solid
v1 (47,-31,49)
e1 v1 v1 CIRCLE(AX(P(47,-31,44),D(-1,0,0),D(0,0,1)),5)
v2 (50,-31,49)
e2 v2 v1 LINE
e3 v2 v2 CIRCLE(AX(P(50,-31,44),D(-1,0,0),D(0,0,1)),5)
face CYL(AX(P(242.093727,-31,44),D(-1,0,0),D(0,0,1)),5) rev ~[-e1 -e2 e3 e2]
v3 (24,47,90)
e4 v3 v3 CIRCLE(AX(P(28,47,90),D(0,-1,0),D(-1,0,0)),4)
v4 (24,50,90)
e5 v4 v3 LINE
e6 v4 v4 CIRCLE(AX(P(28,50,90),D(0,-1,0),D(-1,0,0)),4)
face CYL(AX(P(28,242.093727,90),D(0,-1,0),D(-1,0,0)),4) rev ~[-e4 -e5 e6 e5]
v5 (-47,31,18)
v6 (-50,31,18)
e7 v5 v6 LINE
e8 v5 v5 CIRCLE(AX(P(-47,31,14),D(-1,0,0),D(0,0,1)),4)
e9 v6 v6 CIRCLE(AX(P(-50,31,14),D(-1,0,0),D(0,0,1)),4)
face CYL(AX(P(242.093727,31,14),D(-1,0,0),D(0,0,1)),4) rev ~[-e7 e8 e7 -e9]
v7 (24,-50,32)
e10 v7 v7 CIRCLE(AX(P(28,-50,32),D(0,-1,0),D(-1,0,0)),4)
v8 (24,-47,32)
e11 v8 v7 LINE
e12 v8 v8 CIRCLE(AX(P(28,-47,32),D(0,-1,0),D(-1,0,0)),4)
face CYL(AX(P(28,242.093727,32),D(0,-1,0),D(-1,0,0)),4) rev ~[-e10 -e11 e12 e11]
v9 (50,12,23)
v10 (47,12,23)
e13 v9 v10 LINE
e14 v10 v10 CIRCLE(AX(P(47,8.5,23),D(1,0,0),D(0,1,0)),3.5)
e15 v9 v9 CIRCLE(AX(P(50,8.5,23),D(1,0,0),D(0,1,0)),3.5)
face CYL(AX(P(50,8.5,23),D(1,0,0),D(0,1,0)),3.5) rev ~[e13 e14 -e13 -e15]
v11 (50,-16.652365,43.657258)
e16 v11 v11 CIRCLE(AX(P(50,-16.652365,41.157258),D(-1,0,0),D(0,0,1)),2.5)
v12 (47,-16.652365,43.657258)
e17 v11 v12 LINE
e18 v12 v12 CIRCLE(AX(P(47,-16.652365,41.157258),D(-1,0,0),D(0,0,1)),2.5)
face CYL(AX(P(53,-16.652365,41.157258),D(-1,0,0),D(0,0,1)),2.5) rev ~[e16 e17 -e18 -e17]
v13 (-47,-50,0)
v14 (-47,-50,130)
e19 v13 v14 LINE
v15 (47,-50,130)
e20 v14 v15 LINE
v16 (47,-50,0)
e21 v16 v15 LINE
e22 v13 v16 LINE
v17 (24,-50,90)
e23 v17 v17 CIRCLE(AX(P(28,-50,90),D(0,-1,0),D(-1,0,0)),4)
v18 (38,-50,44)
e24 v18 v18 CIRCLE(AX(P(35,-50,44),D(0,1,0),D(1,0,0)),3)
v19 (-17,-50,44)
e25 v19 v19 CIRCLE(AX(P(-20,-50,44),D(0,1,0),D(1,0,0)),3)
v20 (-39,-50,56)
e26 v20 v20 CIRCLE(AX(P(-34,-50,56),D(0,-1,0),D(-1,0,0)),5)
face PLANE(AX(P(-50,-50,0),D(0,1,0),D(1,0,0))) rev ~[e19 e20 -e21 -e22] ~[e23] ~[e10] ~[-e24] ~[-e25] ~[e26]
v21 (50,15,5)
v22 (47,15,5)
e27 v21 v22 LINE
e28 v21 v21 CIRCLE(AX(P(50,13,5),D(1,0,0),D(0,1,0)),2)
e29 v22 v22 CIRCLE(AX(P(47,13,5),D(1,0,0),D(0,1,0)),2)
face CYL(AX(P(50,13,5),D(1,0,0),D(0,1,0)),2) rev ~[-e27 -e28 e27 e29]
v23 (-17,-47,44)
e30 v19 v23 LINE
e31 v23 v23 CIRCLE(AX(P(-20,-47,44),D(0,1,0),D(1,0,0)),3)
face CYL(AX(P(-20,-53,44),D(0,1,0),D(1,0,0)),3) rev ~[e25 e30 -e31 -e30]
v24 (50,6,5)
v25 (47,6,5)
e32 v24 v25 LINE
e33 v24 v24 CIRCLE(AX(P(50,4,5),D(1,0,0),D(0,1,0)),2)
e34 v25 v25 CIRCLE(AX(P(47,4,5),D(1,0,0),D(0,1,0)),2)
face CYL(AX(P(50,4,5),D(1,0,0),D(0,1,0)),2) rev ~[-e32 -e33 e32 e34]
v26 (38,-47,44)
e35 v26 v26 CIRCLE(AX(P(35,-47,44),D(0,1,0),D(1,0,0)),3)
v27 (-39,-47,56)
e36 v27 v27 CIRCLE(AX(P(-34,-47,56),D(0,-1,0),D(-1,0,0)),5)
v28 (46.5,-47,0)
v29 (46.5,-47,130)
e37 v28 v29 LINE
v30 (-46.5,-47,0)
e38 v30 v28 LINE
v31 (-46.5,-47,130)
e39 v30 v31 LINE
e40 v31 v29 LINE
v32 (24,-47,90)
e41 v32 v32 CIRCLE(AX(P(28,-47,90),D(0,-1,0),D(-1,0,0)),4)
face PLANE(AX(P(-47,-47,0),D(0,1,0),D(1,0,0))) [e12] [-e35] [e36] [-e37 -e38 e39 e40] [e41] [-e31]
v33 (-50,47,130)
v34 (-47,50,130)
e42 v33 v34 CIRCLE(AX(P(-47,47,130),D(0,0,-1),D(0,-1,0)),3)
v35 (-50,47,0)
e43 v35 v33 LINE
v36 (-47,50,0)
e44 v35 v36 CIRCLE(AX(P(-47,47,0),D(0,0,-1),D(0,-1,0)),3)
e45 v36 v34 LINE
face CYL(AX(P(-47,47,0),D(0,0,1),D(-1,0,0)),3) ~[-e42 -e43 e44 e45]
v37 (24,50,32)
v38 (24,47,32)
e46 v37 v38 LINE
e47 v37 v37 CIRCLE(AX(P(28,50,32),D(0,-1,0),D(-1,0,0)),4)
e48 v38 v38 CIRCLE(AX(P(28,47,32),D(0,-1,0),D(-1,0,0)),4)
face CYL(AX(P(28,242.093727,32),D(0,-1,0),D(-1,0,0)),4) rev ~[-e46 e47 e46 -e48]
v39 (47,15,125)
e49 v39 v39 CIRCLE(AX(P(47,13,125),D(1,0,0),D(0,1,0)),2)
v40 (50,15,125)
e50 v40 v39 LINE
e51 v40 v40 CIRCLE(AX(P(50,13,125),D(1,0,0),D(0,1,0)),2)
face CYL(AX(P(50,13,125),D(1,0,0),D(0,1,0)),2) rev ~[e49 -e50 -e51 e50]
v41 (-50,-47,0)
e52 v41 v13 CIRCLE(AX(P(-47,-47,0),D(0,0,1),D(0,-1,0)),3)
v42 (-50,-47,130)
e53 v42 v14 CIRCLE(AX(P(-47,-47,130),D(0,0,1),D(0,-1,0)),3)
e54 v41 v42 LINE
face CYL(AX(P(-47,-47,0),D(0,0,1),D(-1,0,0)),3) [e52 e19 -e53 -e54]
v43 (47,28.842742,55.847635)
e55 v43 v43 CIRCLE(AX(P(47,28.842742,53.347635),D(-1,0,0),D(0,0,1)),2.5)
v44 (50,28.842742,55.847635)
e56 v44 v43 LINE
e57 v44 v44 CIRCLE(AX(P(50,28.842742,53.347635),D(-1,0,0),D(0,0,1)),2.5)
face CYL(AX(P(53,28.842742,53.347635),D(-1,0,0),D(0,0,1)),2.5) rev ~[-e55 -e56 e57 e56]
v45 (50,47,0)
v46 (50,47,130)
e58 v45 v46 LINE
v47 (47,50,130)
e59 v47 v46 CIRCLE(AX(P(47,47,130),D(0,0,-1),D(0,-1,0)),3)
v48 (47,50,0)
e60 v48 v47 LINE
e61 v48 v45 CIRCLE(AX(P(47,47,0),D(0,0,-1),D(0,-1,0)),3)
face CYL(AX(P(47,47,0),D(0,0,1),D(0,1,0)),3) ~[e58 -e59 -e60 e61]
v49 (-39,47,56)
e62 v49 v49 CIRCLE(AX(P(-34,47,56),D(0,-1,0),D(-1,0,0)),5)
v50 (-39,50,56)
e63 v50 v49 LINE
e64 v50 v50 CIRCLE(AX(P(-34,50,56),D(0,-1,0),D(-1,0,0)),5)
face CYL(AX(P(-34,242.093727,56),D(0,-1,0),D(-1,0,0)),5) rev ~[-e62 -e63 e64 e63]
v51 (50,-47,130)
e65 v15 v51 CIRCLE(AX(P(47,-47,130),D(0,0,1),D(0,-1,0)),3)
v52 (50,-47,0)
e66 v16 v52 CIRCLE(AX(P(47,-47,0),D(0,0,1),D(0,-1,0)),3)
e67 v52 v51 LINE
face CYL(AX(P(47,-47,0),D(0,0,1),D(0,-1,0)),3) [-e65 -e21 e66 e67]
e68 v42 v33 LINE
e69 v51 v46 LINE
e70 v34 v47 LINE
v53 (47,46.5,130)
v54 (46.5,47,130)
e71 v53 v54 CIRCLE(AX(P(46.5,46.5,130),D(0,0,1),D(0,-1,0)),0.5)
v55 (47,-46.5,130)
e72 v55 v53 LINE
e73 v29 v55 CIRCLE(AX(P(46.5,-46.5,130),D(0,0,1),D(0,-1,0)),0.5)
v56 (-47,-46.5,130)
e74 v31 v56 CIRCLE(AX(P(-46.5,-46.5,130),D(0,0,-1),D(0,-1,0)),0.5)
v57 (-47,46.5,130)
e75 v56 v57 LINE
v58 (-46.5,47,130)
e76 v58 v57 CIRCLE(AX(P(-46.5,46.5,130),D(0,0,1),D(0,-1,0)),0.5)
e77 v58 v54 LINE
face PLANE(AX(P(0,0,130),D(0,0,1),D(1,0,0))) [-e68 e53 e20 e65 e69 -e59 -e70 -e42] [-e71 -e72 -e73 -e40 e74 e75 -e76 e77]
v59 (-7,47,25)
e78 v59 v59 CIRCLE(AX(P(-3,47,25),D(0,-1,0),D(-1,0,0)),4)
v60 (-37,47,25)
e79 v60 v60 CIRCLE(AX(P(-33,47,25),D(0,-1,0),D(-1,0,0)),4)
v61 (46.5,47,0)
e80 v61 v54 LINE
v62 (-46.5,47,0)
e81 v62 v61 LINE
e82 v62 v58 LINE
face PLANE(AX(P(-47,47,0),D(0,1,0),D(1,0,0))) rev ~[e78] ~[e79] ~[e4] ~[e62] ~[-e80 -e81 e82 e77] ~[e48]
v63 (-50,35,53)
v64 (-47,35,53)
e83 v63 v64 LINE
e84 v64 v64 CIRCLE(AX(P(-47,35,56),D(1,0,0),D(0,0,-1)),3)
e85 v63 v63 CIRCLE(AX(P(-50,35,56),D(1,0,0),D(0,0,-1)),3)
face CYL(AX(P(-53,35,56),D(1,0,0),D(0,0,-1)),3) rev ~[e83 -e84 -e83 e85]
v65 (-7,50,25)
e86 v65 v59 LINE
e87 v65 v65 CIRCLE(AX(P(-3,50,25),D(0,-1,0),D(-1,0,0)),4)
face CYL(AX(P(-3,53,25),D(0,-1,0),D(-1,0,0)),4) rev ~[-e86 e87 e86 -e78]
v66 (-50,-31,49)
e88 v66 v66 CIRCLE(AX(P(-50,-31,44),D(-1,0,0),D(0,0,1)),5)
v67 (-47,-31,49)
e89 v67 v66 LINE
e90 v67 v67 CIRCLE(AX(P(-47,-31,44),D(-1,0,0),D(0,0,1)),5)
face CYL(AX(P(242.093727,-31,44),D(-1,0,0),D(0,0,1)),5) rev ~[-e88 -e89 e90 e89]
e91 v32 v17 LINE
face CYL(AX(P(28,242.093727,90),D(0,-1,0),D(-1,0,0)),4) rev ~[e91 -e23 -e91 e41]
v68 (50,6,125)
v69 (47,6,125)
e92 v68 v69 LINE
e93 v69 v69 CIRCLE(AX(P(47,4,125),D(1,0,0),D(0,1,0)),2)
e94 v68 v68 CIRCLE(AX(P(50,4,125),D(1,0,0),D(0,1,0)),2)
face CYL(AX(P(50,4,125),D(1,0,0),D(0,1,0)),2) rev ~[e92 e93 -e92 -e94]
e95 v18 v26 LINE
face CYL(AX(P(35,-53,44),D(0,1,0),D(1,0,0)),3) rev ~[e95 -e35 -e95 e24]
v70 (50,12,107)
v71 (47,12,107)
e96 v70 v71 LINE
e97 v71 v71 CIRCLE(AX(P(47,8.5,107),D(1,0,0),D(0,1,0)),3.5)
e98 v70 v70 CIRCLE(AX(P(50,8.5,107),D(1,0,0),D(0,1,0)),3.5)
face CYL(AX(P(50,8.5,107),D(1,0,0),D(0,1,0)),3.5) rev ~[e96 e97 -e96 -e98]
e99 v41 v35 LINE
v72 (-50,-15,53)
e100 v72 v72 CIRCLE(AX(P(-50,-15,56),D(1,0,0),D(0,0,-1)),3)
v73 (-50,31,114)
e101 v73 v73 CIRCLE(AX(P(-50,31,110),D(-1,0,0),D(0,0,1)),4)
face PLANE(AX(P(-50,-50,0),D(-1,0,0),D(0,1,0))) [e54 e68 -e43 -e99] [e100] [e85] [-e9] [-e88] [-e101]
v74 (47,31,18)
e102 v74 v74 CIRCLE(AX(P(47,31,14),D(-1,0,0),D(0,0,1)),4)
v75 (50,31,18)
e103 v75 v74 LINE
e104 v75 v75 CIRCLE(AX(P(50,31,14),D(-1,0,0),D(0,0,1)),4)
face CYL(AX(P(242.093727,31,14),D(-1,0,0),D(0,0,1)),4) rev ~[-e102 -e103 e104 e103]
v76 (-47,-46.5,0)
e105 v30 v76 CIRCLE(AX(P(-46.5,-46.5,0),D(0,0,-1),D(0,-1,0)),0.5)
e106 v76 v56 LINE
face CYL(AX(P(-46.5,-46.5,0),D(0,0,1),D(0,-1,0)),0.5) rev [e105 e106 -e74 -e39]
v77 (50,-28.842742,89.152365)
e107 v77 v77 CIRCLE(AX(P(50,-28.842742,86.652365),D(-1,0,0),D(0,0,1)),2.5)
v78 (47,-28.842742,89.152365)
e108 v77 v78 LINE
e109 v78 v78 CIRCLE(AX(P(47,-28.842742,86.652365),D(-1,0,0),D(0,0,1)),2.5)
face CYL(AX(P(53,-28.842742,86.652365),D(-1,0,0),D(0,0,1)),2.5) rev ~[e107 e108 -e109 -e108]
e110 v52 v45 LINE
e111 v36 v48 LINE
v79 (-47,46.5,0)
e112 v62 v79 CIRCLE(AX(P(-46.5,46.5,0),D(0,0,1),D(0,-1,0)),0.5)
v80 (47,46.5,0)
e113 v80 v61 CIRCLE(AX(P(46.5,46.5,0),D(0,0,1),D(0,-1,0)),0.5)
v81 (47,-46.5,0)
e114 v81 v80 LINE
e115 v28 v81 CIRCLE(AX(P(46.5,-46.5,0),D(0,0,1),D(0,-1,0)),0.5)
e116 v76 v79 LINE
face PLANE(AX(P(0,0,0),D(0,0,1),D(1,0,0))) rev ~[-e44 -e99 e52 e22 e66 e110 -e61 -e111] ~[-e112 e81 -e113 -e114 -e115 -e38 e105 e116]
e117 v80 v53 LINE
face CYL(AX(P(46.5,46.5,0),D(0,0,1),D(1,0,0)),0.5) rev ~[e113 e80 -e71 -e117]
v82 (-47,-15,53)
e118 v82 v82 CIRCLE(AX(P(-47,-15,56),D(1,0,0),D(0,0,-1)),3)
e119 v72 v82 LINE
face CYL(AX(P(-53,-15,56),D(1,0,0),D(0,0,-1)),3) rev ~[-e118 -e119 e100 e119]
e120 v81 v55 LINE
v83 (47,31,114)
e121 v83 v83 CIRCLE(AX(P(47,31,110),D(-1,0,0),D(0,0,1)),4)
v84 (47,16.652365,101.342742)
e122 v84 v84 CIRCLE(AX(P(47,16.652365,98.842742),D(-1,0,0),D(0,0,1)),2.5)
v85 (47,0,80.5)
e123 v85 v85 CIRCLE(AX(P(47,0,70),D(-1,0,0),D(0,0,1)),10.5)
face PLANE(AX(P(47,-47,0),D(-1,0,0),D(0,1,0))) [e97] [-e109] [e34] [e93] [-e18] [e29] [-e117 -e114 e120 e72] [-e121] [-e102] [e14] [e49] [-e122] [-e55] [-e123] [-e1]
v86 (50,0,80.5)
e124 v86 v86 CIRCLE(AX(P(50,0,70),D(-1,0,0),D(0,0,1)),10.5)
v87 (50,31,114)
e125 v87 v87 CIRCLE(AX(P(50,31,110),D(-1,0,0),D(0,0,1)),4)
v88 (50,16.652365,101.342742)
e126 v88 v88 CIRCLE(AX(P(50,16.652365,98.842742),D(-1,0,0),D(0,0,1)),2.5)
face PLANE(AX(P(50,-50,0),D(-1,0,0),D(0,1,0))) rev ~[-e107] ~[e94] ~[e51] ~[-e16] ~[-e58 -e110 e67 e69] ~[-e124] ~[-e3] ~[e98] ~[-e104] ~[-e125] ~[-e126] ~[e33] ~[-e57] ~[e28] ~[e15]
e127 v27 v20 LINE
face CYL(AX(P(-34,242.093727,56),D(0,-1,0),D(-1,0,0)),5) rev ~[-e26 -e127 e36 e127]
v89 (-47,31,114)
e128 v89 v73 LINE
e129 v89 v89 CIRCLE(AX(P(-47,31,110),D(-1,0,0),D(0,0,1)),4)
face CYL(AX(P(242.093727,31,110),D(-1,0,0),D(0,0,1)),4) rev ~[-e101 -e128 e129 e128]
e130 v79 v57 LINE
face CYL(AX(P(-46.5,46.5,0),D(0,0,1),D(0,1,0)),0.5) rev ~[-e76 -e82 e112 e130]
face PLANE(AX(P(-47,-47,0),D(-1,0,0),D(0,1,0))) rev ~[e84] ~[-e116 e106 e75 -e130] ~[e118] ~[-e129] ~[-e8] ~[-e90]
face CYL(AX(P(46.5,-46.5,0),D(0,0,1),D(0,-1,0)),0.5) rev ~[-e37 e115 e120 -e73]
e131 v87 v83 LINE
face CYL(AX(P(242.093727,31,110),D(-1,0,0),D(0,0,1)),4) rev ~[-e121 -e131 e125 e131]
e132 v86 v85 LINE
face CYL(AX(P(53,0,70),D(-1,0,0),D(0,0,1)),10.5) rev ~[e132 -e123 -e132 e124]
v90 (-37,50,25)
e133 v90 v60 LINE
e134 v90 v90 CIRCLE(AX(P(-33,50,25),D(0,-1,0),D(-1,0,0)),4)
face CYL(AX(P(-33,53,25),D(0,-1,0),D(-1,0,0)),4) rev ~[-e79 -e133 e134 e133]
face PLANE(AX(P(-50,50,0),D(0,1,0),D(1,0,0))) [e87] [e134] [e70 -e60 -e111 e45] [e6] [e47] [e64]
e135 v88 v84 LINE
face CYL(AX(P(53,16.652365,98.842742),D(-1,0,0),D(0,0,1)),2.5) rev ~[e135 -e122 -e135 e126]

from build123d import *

# Parameters (mm, degrees)
SKETCH1_W                      = 100
SKETCH1_H                      = 100
SKETCH1_W_2                    = 94
SKETCH1_H_2                    = 94
EXTRUDE_THIN1_DEPTH            = 130
FILLET1_R                      = 0.5
FILLET2_R                      = 3
F_8_0_8_DIAMETER_HOLE2_D       = 8
F_8_0_8_DIAMETER_HOLE3_D       = 8
F_10_0_10_DIAMETER_HOLE1_D     = 10
F_10_0_10_DIAMETER_HOLE2_D     = 10
F_6_0_6_DIAMETER_HOLE1_D       = 6
F_6_0_6_DIAMETER_HOLE1_DEPTH   = 3
F_6_0_6_DIAMETER_HOLE2_D       = 6
F_6_0_6_DIAMETER_HOLE2_DEPTH   = 3
F_21_0_21_DIAMETER_HOLE1_D     = 21
F_21_0_21_DIAMETER_HOLE1_DEPTH = 3
F_5_0_5_DIAMETER_HOLE1_D       = 5
F_5_0_5_DIAMETER_HOLE1_DEPTH   = 3
F_8_0_8_DIAMETER_HOLE4_D       = 8
F_8_0_8_DIAMETER_HOLE4_DEPTH   = 3
CUT_EXTRUDE1_REACH             = 173.464
SKETCH31_R                     = 2
SKETCH31_R_2                   = 3.5
F_8_0_8_DIAMETER_HOLE5_D       = 8
F_8_0_8_DIAMETER_HOLE5_DEPTH   = 3


with BuildPart() as part:
    # Sketch1 → Extrude-Thin1 (new body)
    with BuildSketch(Plane.XY):
        Rectangle(SKETCH1_W, SKETCH1_H)
        Rectangle(SKETCH1_W_2, SKETCH1_H_2, mode=Mode.SUBTRACT)
    extrude(amount=EXTRUDE_THIN1_DEPTH)

    # Fillet1
    fillet1_edges = [part.edges().sort_by_distance(p)[0] for p in [
        (47, -47, 65),
        (47, 47, 65),
        (-47, 47, 65),
        (-47, -47, 65),
    ]]
    fillet(fillet1_edges, radius=FILLET1_R)

    # Fillet2
    fillet2_edges = [part.edges().sort_by_distance(p)[0] for p in [
        (50, -50, 65),
        (-50, -50, 65),
        (-50, 50, 65),
        (50, 50, 65),
    ]]
    fillet(fillet2_edges, radius=FILLET2_R)

    # Ø8.0 (8) Diameter Hole2 (through all)
    with Locations(Plane(origin=(0, 50, 0), x_dir=(1, 0, 0), z_dir=(0, 1, 0))):
        with Locations((28, -32), (28, -90)):
            Hole(F_8_0_8_DIAMETER_HOLE2_D / 2)

    # Ø8.0 (8) Diameter Hole3 (through all)
    with Locations(Plane(origin=(50, 0, 0), x_dir=(0, 0, -1), z_dir=(1, 0, 0))):
        with Locations((-14, 31), (-110, 31)):
            Hole(F_8_0_8_DIAMETER_HOLE3_D / 2)

    # Ø10.0 (10) Diameter Hole1 (through all)
    with Locations(Plane(origin=(0, 50, 0), x_dir=(1, 0, 0), z_dir=(0, 1, 0))):
        with Locations((-34, -56)):
            Hole(F_10_0_10_DIAMETER_HOLE1_D / 2)

    # Ø10.0 (10) Diameter Hole2 (through all)
    with Locations(Plane(origin=(50, 0, 0), x_dir=(0, 0, -1), z_dir=(1, 0, 0))):
        with Locations((-44, -31)):
            Hole(F_10_0_10_DIAMETER_HOLE2_D / 2)

    # Ø6.0 (6) Diameter Hole1
    with Locations(Plane.ZY.offset(50)):
        with Locations((56, -15), (56, 35)):
            Hole(F_6_0_6_DIAMETER_HOLE1_D / 2, depth=F_6_0_6_DIAMETER_HOLE1_DEPTH)

    # Ø6.0 (6) Diameter Hole2
    with Locations(Plane(origin=(0, -50, 0), x_dir=(-1, 0, 0), z_dir=(0, -1, 0))):
        with Locations((20, -44), (-35, -44)):
            Hole(F_6_0_6_DIAMETER_HOLE2_D / 2, depth=F_6_0_6_DIAMETER_HOLE2_DEPTH)

    # Ø21.0 (21) Diameter Hole1
    with Locations(Plane(origin=(50, 0, 0), x_dir=(0, 0, -1), z_dir=(1, 0, 0))):
        with Locations((-70, 0)):
            Hole(F_21_0_21_DIAMETER_HOLE1_D / 2, depth=F_21_0_21_DIAMETER_HOLE1_DEPTH)

    # Ø5.0 (5) Diameter Hole1
    with Locations(Plane(origin=(50, 0, 0), x_dir=(0, 0, -1), z_dir=(1, 0, 0))):
        with Locations((-41.157258279, -16.652364697), (-53.347635303, 28.842741721), (-98.842741721, 16.652364697), (-86.652364697, -28.842741721)):
            Hole(F_5_0_5_DIAMETER_HOLE1_D / 2, depth=F_5_0_5_DIAMETER_HOLE1_DEPTH)

    # Ø8.0 (8) Diameter Hole4
    with Locations(Plane(origin=(0, 50, 0), x_dir=(1, 0, 0), z_dir=(0, 1, 0))):
        with Locations((-3, -25)):
            Hole(F_8_0_8_DIAMETER_HOLE4_D / 2, depth=F_8_0_8_DIAMETER_HOLE4_DEPTH)

    # Sketch31 → Cut-Extrude1 (cut, up to next)
    with BuildSketch(Plane(origin=(50, 0, 0), x_dir=(0, 0, -1), z_dir=(1, 0, 0)), mode=Mode.PRIVATE) as cut_extrude1_sk1:
        with Locations(Location((-5, 4, 0), (0, 0, 90))):
            Circle(SKETCH31_R)
    cut_extrude1_tool1 = extrude(cut_extrude1_sk1.sketch, amount=-CUT_EXTRUDE1_REACH, mode=Mode.PRIVATE) & part.part
    # Sketch31 → Cut-Extrude1 (cut, up to next)
    with BuildSketch(Plane(origin=(50, 0, 0), x_dir=(0, 0, -1), z_dir=(1, 0, 0)), mode=Mode.PRIVATE) as cut_extrude1_sk2:
        with Locations(Location((-5, 13, 0), (0, 0, 90))):
            Circle(SKETCH31_R)
    cut_extrude1_tool2 = extrude(cut_extrude1_sk2.sketch, amount=-CUT_EXTRUDE1_REACH, mode=Mode.PRIVATE) & part.part
    # Sketch31 → Cut-Extrude1 (cut, up to next)
    with BuildSketch(Plane(origin=(50, 0, 0), x_dir=(0, 0, -1), z_dir=(1, 0, 0)), mode=Mode.PRIVATE) as cut_extrude1_sk3:
        with Locations(Location((-125, 13, 0), (0, 0, 90))):
            Circle(SKETCH31_R)
    cut_extrude1_tool3 = extrude(cut_extrude1_sk3.sketch, amount=-CUT_EXTRUDE1_REACH, mode=Mode.PRIVATE) & part.part
    # Sketch31 → Cut-Extrude1 (cut, up to next)
    with BuildSketch(Plane(origin=(50, 0, 0), x_dir=(0, 0, -1), z_dir=(1, 0, 0)), mode=Mode.PRIVATE) as cut_extrude1_sk4:
        with Locations(Location((-125, 4, 0), (0, 0, 90))):
            Circle(SKETCH31_R)
    cut_extrude1_tool4 = extrude(cut_extrude1_sk4.sketch, amount=-CUT_EXTRUDE1_REACH, mode=Mode.PRIVATE) & part.part
    # Sketch31 → Cut-Extrude1 (cut, up to next)
    with BuildSketch(Plane(origin=(50, 0, 0), x_dir=(0, 0, -1), z_dir=(1, 0, 0)), mode=Mode.PRIVATE) as cut_extrude1_sk5:
        with Locations(Location((-23, 8.5, 0), (0, 0, 90))):
            Circle(SKETCH31_R_2)
    cut_extrude1_tool5 = extrude(cut_extrude1_sk5.sketch, amount=-CUT_EXTRUDE1_REACH, mode=Mode.PRIVATE) & part.part
    # Sketch31 → Cut-Extrude1 (cut, up to next)
    with BuildSketch(Plane(origin=(50, 0, 0), x_dir=(0, 0, -1), z_dir=(1, 0, 0)), mode=Mode.PRIVATE) as cut_extrude1_sk6:
        with Locations(Location((-107, 8.5, 0), (0, 0, 90))):
            Circle(SKETCH31_R_2)
    cut_extrude1_tool6 = extrude(cut_extrude1_sk6.sketch, amount=-CUT_EXTRUDE1_REACH, mode=Mode.PRIVATE) & part.part
    add(cut_extrude1_tool1.solids().sort_by_distance((50, 4, 5))[0], mode=Mode.SUBTRACT)
    add(cut_extrude1_tool2.solids().sort_by_distance((50, 13, 5))[0], mode=Mode.SUBTRACT)
    add(cut_extrude1_tool3.solids().sort_by_distance((50, 13, 125))[0], mode=Mode.SUBTRACT)
    add(cut_extrude1_tool4.solids().sort_by_distance((50, 4, 125))[0], mode=Mode.SUBTRACT)
    add(cut_extrude1_tool5.solids().sort_by_distance((50, 8.5, 23))[0], mode=Mode.SUBTRACT)
    add(cut_extrude1_tool6.solids().sort_by_distance((50, 8.5, 107))[0], mode=Mode.SUBTRACT)

    # Ø8.0 (8) Diameter Hole5
    with Locations(Plane(origin=(0, 50, 0), x_dir=(1, 0, 0), z_dir=(0, 1, 0))):
        with Locations((-33, -25)):
            Hole(F_8_0_8_DIAMETER_HOLE5_D / 2, depth=F_8_0_8_DIAMETER_HOLE5_DEPTH)


solid = part.part
